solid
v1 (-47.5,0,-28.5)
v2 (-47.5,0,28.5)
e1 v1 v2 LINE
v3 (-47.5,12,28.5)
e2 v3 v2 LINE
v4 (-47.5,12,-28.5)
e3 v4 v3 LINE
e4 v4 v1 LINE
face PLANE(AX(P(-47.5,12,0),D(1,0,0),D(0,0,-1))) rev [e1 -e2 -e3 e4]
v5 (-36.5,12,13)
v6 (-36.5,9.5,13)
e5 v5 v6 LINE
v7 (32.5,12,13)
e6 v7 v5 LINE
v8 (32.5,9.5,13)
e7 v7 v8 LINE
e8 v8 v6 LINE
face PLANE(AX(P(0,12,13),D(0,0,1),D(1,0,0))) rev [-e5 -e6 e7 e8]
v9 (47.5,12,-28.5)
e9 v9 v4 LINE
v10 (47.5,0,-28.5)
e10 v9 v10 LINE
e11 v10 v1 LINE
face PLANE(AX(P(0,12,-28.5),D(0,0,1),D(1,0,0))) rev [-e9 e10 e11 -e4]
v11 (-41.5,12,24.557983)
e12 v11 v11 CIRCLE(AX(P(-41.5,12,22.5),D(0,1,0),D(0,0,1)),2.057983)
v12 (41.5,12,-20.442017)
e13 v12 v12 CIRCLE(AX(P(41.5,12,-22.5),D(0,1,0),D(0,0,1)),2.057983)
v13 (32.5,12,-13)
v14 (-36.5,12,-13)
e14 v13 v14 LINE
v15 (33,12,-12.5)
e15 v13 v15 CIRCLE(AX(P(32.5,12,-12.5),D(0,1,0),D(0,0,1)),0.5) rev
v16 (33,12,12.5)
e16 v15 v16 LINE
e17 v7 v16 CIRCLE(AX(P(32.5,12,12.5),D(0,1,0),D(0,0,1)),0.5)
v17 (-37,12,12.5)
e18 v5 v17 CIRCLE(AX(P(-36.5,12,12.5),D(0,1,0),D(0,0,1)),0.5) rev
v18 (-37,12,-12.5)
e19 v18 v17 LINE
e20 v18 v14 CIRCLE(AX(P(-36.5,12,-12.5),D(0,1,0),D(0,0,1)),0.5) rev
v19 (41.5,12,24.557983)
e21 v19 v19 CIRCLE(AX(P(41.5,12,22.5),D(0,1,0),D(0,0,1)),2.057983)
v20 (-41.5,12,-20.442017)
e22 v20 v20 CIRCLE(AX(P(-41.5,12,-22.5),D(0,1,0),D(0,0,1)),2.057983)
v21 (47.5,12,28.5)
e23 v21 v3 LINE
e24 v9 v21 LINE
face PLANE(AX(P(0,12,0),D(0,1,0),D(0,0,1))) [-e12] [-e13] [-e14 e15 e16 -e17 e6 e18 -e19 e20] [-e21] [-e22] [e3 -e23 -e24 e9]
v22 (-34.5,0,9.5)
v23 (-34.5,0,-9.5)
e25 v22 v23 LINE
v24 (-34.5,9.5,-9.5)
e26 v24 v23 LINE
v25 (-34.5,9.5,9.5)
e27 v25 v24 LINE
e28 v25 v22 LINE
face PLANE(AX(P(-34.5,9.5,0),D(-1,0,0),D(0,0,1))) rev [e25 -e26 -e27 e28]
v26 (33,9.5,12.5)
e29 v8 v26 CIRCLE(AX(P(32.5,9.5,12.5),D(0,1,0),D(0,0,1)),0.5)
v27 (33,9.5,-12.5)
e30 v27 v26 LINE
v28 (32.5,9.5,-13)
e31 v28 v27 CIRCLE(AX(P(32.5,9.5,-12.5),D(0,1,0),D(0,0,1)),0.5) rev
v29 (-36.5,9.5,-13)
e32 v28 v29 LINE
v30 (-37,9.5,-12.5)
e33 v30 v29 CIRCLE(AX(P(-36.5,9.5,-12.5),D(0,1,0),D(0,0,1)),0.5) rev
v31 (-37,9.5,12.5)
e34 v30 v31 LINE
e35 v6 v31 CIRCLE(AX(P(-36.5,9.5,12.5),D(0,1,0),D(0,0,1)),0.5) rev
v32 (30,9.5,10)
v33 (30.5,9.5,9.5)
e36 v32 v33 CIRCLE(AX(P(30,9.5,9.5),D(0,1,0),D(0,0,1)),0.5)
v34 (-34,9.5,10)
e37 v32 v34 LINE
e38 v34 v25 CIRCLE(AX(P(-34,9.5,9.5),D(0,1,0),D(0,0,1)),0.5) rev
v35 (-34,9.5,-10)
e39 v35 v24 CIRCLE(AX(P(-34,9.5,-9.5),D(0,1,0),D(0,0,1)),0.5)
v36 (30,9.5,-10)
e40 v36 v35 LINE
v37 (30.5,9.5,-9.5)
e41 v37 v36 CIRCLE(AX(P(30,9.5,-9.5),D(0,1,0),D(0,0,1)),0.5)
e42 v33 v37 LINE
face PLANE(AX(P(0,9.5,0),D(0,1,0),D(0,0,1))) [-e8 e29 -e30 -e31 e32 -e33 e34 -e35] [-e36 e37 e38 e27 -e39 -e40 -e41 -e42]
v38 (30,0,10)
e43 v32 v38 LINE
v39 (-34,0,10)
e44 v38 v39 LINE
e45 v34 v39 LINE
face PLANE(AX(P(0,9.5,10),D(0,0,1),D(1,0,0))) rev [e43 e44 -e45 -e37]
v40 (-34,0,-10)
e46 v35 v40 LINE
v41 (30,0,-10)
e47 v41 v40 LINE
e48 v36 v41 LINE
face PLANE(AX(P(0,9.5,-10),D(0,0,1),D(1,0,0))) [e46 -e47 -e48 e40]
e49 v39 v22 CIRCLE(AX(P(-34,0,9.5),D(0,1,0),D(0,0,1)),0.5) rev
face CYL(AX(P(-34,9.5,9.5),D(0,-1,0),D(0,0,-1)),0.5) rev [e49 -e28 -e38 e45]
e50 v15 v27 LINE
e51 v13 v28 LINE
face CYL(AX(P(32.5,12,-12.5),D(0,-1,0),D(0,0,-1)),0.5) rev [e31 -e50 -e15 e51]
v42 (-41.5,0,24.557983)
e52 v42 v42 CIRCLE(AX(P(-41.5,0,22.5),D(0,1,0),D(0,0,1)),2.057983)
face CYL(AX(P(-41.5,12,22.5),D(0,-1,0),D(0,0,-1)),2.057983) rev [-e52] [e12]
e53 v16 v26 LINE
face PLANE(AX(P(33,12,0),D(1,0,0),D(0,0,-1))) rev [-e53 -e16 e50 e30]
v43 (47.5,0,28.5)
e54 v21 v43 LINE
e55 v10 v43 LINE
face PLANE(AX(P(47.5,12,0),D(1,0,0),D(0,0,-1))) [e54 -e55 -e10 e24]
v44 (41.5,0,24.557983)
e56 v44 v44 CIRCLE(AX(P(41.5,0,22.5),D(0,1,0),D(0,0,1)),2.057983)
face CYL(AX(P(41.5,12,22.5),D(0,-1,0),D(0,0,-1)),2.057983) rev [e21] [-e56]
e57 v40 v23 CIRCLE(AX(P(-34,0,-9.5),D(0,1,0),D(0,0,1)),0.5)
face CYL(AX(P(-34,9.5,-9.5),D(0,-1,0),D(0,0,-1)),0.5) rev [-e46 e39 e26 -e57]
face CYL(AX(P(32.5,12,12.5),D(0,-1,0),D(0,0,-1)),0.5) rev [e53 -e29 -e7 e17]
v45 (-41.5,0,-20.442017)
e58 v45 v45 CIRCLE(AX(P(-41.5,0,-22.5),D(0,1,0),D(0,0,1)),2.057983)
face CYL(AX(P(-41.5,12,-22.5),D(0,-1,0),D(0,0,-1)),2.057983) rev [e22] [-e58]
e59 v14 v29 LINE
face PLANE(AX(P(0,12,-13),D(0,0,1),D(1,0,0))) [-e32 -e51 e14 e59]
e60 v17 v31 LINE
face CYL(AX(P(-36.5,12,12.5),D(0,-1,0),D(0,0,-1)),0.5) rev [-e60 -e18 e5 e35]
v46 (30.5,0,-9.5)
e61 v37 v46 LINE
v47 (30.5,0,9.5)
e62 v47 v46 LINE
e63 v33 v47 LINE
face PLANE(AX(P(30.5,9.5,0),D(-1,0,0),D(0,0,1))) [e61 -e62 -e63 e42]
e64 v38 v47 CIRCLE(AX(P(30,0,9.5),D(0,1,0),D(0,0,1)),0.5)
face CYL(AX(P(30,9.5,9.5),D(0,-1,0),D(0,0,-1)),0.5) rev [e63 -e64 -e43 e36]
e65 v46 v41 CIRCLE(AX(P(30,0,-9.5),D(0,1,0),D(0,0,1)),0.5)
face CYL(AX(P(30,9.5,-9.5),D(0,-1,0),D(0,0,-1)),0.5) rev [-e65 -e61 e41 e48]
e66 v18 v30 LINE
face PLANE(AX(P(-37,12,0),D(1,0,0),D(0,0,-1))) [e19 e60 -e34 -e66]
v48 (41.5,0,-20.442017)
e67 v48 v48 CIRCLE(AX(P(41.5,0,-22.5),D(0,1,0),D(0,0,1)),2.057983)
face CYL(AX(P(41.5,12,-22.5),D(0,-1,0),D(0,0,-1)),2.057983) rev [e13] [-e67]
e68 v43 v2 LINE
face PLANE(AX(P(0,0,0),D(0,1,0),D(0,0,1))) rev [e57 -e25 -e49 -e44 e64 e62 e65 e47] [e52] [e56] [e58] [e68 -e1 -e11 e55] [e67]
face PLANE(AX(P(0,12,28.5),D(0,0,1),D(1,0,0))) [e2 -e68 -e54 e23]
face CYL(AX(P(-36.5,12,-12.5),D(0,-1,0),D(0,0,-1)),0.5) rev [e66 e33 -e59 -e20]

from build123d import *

# Parameters (mm, degrees)
SKETCH1_W           = 95
SKETCH1_H           = 57
SKETCH1_R           = 2.057983022
BOSS_EXTRUDE2_DEPTH = 12
BOSS_EXTRUDE3_DEPTH = 9.5


with BuildPart() as part:
    # Sketch1 → Boss-Extrude2 (new body)
    with BuildSketch(Plane(origin=(0, 0, 0), x_dir=(1, 0, 0), z_dir=(0, 1, 0))):
        Rectangle(SKETCH1_W, SKETCH1_H)
        with Locations((-41.5, -22.5)):
            Circle(SKETCH1_R, mode=Mode.SUBTRACT)
        with Locations((41.5, -22.5)):
            Circle(SKETCH1_R, mode=Mode.SUBTRACT)
        with BuildLine():
            Line((-36.5, 13), (32.5, 13))
            ThreePointArc((32.5, 13), (32.853553391, 12.853553391), (33, 12.5))
            Line((33, 12.5), (33, -12.5))
            ThreePointArc((33, -12.5), (32.853553391, -12.853553391), (32.5, -13))
            Line((32.5, -13), (-36.5, -13))
            ThreePointArc((-36.5, -13), (-36.853553391, -12.853553391), (-37, -12.5))
            Line((-37, -12.5), (-37, 12.5))
            ThreePointArc((-37, 12.5), (-36.853553391, 12.853553391), (-36.5, 13))
        make_face(mode=Mode.SUBTRACT)
        with Locations((-41.5, 22.5)):
            Circle(SKETCH1_R, mode=Mode.SUBTRACT)
        with Locations((41.5, 22.5)):
            Circle(SKETCH1_R, mode=Mode.SUBTRACT)
    extrude(amount=BOSS_EXTRUDE2_DEPTH)

    # Sketch1<5> → Boss-Extrude3 (add)
    with BuildSketch(Plane(origin=(0, 0, 0), x_dir=(1, 0, 0), z_dir=(0, 1, 0))):
        with BuildLine():
            ThreePointArc((33, 12.5), (32.853553391, 12.853553391), (32.5, 13))
            Line((32.5, 13), (-36.5, 13))
            ThreePointArc((-36.5, 13), (-36.853553391, 12.853553391), (-37, 12.5))
            Line((-37, 12.5), (-37, -12.5))
            ThreePointArc((-37, -12.5), (-36.853553391, -12.853553391), (-36.5, -13))
            Line((-36.5, -13), (32.5, -13))
            ThreePointArc((32.5, -13), (32.853553391, -12.853553391), (33, -12.5))
            Line((33, -12.5), (33, 12.5))
        make_face()
        with BuildLine():
            ThreePointArc((30.5, -9.5), (30.353553391, -9.853553391), (30, -10))
            Line((30, -10), (-34, -10))
            ThreePointArc((-34, -10), (-34.353553391, -9.853553391), (-34.5, -9.5))
            Line((-34.5, -9.5), (-34.5, 9.5))
            ThreePointArc((-34.5, 9.5), (-34.353553391, 9.853553391), (-34, 10))
            Line((-34, 10), (30, 10))
            ThreePointArc((30, 10), (30.353553391, 9.853553391), (30.5, 9.5))
            Line((30.5, 9.5), (30.5, -9.5))
        make_face(mode=Mode.SUBTRACT)
    extrude(amount=BOSS_EXTRUDE3_DEPTH)


solid = part.part
